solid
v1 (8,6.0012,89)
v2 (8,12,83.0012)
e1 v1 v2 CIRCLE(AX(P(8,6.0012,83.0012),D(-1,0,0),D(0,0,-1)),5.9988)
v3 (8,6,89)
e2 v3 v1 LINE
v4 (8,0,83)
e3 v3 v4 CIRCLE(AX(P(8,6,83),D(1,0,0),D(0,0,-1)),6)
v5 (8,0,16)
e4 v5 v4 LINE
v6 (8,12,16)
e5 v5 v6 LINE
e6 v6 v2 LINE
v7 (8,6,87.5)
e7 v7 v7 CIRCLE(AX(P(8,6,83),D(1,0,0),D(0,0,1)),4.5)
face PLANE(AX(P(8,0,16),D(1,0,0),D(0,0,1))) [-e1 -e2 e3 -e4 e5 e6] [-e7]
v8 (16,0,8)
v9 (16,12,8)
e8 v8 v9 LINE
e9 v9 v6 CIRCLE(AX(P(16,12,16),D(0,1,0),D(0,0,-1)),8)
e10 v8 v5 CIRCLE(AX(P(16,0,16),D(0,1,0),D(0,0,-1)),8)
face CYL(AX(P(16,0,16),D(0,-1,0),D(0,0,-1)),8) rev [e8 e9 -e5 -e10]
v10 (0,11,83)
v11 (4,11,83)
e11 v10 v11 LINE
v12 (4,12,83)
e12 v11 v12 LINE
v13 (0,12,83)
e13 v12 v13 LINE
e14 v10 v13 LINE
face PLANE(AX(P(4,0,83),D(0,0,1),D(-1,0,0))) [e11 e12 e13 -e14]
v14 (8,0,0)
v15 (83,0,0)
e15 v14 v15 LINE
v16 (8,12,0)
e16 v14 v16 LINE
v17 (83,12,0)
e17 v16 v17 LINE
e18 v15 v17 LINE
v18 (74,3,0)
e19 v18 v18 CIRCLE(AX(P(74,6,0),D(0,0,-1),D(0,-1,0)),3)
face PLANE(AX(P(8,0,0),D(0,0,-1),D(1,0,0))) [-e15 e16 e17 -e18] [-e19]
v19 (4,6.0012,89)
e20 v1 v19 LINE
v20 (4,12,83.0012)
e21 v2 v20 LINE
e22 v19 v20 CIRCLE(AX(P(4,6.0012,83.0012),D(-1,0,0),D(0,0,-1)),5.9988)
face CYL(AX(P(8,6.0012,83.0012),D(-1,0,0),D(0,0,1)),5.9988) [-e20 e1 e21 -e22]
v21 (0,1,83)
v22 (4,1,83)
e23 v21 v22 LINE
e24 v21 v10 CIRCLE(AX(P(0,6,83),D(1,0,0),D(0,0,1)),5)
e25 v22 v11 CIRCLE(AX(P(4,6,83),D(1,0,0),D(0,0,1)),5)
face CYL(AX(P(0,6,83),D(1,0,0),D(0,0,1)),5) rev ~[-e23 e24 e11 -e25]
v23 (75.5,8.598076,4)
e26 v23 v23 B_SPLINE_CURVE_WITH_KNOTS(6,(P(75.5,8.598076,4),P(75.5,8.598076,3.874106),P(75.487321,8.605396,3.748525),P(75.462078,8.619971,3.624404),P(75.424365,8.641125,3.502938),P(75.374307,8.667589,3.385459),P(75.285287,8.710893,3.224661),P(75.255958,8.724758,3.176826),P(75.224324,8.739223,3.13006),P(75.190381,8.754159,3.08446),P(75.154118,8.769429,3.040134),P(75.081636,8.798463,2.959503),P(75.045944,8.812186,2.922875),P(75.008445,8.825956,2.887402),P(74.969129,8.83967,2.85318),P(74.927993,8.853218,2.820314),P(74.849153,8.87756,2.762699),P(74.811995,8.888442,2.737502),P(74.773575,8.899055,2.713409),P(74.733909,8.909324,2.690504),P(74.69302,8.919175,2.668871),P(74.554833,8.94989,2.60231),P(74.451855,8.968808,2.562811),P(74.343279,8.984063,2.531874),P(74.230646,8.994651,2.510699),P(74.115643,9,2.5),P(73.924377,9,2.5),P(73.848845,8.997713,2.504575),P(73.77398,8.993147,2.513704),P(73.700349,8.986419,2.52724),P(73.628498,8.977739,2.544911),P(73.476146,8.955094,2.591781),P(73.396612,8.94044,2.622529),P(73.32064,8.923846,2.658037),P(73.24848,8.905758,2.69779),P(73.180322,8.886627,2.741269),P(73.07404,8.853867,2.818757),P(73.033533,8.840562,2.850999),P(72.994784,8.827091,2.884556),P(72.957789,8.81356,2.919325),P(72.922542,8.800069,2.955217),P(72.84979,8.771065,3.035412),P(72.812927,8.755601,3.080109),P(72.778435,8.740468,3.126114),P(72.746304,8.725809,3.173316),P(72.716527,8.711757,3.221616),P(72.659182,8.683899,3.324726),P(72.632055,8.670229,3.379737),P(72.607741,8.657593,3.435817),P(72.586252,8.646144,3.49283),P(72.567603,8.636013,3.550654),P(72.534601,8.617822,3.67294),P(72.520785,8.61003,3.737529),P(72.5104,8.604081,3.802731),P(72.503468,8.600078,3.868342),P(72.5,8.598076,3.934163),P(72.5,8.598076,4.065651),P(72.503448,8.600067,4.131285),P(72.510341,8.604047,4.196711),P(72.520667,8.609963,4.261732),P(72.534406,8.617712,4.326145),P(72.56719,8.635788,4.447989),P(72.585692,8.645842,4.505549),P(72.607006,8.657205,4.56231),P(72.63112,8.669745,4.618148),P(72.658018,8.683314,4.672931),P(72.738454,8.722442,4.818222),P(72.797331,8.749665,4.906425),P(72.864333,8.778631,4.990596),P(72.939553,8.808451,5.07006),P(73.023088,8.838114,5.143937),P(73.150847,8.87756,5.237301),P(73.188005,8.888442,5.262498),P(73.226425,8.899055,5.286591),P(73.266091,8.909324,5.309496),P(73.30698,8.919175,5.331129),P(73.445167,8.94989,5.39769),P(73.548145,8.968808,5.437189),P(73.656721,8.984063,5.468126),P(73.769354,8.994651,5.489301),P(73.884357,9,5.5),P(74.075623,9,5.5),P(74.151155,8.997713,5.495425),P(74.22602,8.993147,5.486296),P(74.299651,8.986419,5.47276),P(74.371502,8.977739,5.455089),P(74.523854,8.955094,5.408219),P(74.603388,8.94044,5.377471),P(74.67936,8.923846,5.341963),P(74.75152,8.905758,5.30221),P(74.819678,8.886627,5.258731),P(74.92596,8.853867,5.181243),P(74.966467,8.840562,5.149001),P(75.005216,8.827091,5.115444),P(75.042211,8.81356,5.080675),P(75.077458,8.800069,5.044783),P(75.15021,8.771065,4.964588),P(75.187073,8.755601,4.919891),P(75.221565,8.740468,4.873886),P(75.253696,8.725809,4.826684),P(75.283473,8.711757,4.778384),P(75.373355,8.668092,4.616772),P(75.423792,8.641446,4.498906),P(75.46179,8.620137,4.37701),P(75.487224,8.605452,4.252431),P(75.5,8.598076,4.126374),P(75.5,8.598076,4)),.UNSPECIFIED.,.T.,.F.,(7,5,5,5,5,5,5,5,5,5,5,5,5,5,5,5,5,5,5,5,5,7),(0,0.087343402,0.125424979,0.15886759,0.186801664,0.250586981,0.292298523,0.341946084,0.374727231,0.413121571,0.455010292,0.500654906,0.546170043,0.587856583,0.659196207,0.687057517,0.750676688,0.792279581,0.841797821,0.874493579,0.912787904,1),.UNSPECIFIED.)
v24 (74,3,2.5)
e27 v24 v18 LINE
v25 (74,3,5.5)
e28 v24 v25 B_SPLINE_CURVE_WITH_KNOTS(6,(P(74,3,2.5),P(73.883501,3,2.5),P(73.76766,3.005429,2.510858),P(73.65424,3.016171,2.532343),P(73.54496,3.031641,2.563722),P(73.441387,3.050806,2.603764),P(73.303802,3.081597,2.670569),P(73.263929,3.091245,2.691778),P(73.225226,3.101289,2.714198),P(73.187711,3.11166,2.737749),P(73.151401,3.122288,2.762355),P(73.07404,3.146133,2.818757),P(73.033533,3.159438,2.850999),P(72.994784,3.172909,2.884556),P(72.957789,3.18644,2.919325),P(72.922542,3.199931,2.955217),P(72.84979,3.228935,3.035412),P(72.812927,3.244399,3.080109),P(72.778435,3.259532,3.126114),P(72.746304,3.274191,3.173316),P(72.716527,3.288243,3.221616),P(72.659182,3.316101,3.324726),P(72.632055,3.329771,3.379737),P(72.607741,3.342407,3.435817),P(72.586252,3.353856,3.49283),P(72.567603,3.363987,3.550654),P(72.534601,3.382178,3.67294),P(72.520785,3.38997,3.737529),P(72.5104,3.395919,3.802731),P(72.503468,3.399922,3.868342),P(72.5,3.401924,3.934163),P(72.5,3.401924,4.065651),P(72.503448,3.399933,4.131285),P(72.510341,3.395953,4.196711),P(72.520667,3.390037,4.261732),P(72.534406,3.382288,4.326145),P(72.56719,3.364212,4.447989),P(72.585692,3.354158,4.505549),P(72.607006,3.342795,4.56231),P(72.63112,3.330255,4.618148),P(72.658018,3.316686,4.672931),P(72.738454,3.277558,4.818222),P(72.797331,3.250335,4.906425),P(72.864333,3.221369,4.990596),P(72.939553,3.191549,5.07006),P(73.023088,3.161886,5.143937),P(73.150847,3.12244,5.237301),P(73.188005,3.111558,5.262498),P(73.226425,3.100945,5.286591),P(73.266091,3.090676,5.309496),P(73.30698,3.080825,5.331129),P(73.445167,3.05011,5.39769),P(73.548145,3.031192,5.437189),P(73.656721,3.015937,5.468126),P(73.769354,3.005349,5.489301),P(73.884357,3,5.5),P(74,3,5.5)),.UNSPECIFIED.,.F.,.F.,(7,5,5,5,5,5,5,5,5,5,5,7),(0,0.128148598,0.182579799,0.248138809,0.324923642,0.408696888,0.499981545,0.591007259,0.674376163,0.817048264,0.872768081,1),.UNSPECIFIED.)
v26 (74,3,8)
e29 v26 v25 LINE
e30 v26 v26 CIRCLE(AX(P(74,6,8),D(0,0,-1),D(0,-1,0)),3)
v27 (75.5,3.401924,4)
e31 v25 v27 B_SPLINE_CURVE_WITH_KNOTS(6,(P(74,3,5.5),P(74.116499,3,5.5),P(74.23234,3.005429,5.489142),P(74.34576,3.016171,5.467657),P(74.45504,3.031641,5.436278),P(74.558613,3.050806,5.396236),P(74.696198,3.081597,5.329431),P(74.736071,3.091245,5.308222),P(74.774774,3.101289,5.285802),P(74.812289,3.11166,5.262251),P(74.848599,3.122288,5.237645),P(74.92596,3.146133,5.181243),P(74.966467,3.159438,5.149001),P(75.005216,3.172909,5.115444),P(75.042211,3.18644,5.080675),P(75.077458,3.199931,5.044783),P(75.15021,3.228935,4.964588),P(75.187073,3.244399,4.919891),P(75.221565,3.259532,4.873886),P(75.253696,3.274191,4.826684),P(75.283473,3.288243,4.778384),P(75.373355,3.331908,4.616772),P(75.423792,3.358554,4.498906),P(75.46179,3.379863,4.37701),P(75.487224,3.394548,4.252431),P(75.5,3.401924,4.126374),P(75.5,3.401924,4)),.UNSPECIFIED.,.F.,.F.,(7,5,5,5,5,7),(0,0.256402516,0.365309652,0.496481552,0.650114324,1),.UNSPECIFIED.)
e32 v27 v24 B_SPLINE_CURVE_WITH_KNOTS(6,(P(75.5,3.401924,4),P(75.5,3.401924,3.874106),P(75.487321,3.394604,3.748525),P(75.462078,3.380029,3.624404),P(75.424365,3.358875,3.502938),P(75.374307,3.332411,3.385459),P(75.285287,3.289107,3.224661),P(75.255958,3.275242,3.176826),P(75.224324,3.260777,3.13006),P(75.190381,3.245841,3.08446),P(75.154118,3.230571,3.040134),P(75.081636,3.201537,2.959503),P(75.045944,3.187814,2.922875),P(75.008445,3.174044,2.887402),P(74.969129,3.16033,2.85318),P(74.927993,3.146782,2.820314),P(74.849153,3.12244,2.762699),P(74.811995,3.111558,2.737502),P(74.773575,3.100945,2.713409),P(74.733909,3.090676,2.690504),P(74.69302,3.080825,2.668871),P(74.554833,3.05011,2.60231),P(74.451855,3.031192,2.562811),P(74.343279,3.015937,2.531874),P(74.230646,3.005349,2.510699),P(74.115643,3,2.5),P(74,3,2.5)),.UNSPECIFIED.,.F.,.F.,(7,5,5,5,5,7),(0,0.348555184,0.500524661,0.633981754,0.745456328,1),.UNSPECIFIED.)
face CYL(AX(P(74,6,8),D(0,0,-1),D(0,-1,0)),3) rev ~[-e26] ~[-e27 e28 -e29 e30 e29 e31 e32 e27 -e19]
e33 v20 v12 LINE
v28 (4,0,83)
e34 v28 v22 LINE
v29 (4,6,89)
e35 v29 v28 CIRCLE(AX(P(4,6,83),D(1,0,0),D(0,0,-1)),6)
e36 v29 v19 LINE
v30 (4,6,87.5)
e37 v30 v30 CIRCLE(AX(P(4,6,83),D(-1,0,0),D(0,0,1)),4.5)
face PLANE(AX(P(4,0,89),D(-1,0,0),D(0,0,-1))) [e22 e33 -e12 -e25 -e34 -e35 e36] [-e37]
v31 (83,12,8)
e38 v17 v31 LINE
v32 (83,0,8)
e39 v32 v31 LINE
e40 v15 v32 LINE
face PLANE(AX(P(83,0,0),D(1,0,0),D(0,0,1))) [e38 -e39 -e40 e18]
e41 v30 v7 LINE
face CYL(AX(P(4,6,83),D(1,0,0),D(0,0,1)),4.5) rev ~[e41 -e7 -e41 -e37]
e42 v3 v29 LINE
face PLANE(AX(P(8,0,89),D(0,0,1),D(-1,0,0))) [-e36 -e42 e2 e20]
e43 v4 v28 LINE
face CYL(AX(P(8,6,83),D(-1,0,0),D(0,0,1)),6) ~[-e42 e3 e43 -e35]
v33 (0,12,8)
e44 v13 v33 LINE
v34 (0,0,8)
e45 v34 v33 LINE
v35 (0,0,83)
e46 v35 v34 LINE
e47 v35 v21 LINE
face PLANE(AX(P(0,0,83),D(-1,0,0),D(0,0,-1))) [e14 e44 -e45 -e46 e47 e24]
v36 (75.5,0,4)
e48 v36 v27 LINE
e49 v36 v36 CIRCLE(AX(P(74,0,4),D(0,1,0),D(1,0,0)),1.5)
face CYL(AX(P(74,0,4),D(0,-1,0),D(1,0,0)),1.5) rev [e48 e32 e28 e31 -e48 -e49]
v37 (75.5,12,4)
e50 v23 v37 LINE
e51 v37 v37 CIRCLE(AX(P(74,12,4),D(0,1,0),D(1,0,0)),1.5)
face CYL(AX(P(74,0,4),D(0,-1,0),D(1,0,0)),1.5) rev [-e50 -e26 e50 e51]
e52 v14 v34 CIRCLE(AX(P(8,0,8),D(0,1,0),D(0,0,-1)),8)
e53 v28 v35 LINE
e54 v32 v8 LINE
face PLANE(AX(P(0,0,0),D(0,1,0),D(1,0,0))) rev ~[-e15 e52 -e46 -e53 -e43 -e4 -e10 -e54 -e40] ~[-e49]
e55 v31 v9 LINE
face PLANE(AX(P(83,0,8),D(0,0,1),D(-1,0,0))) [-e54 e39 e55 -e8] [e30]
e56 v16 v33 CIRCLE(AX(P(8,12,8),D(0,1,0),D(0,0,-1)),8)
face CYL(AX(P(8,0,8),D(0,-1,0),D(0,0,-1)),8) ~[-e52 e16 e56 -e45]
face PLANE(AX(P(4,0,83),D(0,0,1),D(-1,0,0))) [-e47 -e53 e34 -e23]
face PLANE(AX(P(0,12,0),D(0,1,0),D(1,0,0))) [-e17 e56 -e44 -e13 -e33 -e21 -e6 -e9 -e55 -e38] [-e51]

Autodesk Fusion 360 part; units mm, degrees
sketch "Sketch1" plane through (0, 0, 0) normal (0, 1, 0) x (1, 0, 0)
  line L0 (8, 0) -> (83, 0)
  line L1 (83, 0) -> (83, -8)
  line L2 (83, -8) -> (16, -8)
  line L3 (8, -16) -> (8, -89)
  line L4 (8, -89) -> (4, -89)
  line L5 (4, -89) -> (4, -83)
  line L6 (4, -83) -> (0, -83)
  line L7 (0, -83) -> (0, -8)
  arc A0 (16, -8) -> (8, -16) centre (16, -16) ccw
  arc A1 (8, 0) -> (0, -8) centre (8, -8) ccw
  line L8 (74, 0) -> (74, -4) construction
  circle A2 centre (74, -4) radius 1.5
  dimension "d1" = 83
  dimension "d2" = 8
  dimension "d3" = 4
  dimension "d4" = 8
  dimension "d5" = 8
  dimension "d6" = 8
  dimension "d7" = 89
  dimension "d8" = 83
  dimension "d9" = 75
  dimension "d11" = 4
  dimension "d12" = 3
  dimension "d13" = 66
extrude "Extrude1" add sketch "Sketch1" along normal blind 12
fillet "Fillet1" radius 6 1 edges at (6, 0, 89)
fillet "Fillet2" radius 6 1 edges at (6, 12, 89)
sketch "Sketch2" plane through (0, 0, 0) normal (1, 0, 0) x (0, 1, 0)
  arc A0 (12, 83) -> (0, 83) centre (6, 83) ccw
  line L0 (0, 83) -> (0, 16)
  line L1 (0, 16) -> (12, 16)
  line L2 (12, 16) -> (12, 83)
  line L3 (6, 16) -> (6, 83) construction
  circle A1 centre (6, 83) radius 4.5
  line L4 (0, 8) -> (0, 83)
  line L5 (0, 83) -> (12, 83)
  line L6 (12, 83) -> (12, 8)
  line L7 (12, 8) -> (0, 8)
  dimension "d20" = 67
  dimension "d21" = 9
hole "Hole1" at (0, 6, 83) direction (1, 0, 0) diameter 9 depth 13 tip angle 118 counterbore diameter 10 counterbore depth 4
sketch "Sketch3" plane through (0, 0, 8) normal (0, 0, 1) x (-1, 0, 0)
  line L0 (-16, 0) -> (-83, 0)
  line L1 (-83, 0) -> (-83, -12)
  line L2 (-83, -12) -> (-16, -12)
  line L3 (-16, -12) -> (-16, 0)
  line L4 (-83, -6) -> (-74, -6) construction
  circle A0 centre (-74, -6) radius 3
  dimension "d27" = 9
  dimension "d28" = 6
hole "Hole2" at (74, 6, 8) direction (0, 0, -1) diameter 6 depth 13 tip angle 118
